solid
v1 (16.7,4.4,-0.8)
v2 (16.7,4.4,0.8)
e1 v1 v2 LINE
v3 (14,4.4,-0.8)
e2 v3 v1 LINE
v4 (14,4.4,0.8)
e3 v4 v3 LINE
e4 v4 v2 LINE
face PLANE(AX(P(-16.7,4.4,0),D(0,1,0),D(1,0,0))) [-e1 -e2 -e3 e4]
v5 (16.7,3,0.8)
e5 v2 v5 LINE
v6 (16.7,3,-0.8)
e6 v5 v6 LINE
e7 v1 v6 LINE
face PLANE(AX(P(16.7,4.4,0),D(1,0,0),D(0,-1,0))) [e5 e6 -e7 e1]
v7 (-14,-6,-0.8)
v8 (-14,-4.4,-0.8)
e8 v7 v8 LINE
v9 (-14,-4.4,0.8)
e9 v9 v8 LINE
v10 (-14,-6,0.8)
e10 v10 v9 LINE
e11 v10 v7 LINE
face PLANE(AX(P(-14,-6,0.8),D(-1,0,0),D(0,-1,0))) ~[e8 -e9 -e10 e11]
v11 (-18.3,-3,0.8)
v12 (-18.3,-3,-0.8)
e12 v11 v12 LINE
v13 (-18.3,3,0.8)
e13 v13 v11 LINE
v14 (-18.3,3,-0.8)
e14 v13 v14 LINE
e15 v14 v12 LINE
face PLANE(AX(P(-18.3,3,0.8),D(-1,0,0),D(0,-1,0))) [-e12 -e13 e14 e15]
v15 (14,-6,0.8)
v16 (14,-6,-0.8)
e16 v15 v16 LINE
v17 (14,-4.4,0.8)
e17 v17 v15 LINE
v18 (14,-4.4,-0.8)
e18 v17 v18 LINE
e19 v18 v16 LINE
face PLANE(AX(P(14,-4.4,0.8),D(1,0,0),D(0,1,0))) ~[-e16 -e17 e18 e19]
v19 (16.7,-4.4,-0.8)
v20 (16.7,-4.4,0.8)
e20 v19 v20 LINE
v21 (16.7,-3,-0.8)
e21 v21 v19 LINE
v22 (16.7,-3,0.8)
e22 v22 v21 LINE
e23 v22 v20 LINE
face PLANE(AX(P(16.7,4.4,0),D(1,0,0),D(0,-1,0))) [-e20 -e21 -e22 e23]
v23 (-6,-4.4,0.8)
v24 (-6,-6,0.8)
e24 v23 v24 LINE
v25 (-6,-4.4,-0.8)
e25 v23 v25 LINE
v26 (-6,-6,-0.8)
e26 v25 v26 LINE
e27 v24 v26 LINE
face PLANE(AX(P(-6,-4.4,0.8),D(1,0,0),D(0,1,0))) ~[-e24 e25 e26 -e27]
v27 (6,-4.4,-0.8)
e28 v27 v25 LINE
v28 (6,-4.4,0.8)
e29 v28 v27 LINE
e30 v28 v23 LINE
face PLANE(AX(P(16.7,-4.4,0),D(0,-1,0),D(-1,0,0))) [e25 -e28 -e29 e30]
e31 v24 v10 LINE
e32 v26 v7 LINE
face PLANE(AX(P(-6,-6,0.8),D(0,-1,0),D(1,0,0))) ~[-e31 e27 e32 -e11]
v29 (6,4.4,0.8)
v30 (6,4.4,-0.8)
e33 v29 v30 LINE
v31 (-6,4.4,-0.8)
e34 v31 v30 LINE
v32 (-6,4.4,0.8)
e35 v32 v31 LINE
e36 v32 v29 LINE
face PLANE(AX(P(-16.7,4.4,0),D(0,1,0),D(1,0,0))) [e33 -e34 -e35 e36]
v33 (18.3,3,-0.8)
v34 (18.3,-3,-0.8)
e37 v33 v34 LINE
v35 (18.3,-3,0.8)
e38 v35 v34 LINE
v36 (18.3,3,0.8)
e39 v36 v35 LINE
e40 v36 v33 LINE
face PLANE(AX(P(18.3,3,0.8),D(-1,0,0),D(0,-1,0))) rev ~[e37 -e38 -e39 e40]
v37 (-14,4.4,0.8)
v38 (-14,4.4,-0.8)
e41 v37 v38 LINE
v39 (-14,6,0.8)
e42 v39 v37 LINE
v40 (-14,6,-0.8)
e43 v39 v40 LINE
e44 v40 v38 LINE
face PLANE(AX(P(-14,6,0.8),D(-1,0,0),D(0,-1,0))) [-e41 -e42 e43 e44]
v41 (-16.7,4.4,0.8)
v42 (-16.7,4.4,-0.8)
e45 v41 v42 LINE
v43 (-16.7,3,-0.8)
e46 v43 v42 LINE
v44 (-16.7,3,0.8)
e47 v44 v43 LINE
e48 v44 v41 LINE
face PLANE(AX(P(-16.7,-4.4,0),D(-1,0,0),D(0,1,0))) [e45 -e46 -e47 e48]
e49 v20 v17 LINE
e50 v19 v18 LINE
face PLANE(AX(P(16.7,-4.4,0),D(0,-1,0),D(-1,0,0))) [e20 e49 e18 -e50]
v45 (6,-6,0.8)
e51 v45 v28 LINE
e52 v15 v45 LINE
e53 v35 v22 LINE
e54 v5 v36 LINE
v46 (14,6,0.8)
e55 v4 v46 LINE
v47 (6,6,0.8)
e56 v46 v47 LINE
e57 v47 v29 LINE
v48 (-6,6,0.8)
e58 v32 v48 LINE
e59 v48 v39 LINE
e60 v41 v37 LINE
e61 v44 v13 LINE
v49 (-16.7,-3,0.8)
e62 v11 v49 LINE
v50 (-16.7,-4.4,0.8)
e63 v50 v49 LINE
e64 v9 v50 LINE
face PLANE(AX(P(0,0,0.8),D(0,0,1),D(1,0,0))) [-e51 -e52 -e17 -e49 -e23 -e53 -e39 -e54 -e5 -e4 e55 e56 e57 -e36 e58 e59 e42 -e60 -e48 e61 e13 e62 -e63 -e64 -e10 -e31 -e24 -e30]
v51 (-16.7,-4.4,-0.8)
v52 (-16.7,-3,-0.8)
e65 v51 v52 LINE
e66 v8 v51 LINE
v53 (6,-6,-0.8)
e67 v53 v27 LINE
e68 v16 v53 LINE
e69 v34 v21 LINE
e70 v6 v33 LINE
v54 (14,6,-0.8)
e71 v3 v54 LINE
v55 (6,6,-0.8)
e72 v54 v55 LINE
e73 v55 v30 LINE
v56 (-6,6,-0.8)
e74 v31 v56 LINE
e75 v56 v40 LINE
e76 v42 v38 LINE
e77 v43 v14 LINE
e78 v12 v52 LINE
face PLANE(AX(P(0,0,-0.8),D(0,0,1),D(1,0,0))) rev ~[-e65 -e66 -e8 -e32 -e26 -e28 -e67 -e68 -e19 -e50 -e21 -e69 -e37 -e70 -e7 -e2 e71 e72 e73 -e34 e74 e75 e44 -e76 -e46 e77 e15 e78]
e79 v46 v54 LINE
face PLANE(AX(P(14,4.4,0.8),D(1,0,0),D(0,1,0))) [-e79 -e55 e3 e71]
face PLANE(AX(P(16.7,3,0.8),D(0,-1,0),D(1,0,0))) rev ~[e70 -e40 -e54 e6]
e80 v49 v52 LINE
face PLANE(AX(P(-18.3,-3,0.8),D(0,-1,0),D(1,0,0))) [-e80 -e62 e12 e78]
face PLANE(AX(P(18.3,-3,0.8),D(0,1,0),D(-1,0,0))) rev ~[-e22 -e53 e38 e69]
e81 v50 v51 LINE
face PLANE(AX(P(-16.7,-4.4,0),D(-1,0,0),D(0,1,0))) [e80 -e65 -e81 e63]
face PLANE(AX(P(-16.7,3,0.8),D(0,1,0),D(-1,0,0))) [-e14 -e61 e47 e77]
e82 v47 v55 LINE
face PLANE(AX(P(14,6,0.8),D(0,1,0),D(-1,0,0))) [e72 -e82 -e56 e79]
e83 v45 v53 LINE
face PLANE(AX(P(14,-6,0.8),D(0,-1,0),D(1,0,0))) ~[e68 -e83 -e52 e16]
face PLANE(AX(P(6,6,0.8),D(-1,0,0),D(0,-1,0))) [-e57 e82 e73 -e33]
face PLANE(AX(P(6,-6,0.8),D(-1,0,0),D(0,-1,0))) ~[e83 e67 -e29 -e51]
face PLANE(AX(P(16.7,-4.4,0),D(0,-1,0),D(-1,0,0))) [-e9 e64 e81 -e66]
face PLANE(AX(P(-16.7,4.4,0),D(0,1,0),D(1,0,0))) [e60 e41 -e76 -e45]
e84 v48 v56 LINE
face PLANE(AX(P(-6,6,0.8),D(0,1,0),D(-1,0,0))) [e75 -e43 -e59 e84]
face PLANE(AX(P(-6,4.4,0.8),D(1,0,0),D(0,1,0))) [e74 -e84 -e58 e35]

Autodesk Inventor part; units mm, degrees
ref_plane "YZ Plane" through (0, 0, 0) normal (1, 0, 0) x (0, 1, 0)
ref_plane "XZ Plane" through (0, 0, 0) normal (0, 1, 0) x (-1, 0, 0)
ref_plane "XY Plane" through (0, 0, 0) normal (0, 0, 1) x (1, 0, 0)
sketch "Sketch1" plane through (0, 0, 0) normal (0, 0, 1) x (1, 0, 0)
  line L0 (0, 6.16) -> (0, -6.16) construction
  line L1 (-23.38, 0) -> (23.38, 0) construction
  line L2 (16.7, -4.4) -> (-16.7, -4.4)
  line L3 (-16.7, -4.4) -> (-16.7, 4.4)
  line L4 (-16.7, 4.4) -> (16.7, 4.4)
  line L5 (16.7, 4.4) -> (16.7, -4.4)
  line L6 (16.7, -4.4) -> (-16.7, 4.4) construction
  line L7 (-16.7, -4.4) -> (16.7, 4.4) construction
  point P0 (0, 0)
  dimension "d0" = 33.4
  dimension "d1" = 8.8
extrude "Extrusion1" add sketch "Sketch1" along normal mid plane 1.6
sketch "Esquisse2" plane through (0, 0, 0.8) normal (0, 0, 1) x (1, 0, 0)
  line L0 (-16.7, -4.4) -> (16.7, -4.4) construction
  line L1 (16.7, -4.4) -> (16.7, 4.4) construction
  line L2 (16.7, 4.4) -> (-16.7, 4.4) construction
  line L3 (-16.7, 4.4) -> (-16.7, -4.4) construction
  line L4 (0, 8.08) -> (0, -6.48) construction
  line L5 (-23.38, 0) -> (23.38, 0) construction
  line L6 (-14, 4.4) -> (-6, 4.4)
  line L7 (-6, 4.4) -> (-6, 6)
  line L8 (-6, 6) -> (-14, 6)
  line L9 (-14, 6) -> (-14, 4.4)
  line L10 (6, 4.4) -> (14, 4.4)
  line L11 (14, 4.4) -> (14, 6)
  line L12 (14, 6) -> (6, 6)
  line L13 (6, 6) -> (6, 4.4)
  point P0 (0, 0)
  dimension "d4" = 8
  dimension "d5" = 1.6
  dimension "d8" = 20
extrude "Extrusion2" add sketch "Esquisse2" against normal blind 1.6
mirror "Symétrie1" about plane through (0, 0, 0) normal (0, 1, 0) of "Extrusion2"
sketch "Esquisse3" plane through (0, 0, 0.8) normal (0, 0, 1) x (1, 0, 0)
  line L0 (-16.7, -4.4) -> (-14, -4.4) construction
  line L1 (-14, -6) -> (-14, -4.4) construction
  line L2 (-6, -6) -> (-14, -6) construction
  line L3 (-6, -4.4) -> (-6, -6) construction
  line L4 (-6, -4.4) -> (6, -4.4) construction
  line L5 (6, -6) -> (6, -4.4) construction
  line L6 (14, -6) -> (6, -6) construction
  line L7 (14, -4.4) -> (14, -6) construction
  line L8 (14, -4.4) -> (16.7, -4.4) construction
  line L9 (16.7, -4.4) -> (16.7, 4.4) construction
  line L10 (16.7, 4.4) -> (14, 4.4) construction
  line L11 (14, 4.4) -> (14, 6) construction
  line L12 (14, 6) -> (6, 6) construction
  line L13 (6, 6) -> (6, 4.4) construction
  line L14 (6, 4.4) -> (-6, 4.4) construction
  line L15 (-6, 4.4) -> (-6, 6) construction
  line L16 (-6, 6) -> (-14, 6) construction
  line L17 (-14, 6) -> (-14, 4.4) construction
  line L18 (-14, 4.4) -> (-16.7, 4.4) construction
  line L19 (-16.7, 4.4) -> (-16.7, -4.4) construction
  line L20 (-23.38, 0) -> (23.38, 0) construction
  line L21 (0, 8.4) -> (0, -8.4) construction
  line L22 (-16.7, 3) -> (-18.3, 3)
  line L23 (-18.3, 3) -> (-18.3, -3)
  line L24 (-18.3, -3) -> (-16.7, -3)
  line L25 (-16.7, -3) -> (-16.7, 3)
  line L26 (16.7, 3) -> (18.3, 3)
  line L27 (18.3, 3) -> (18.3, -3)
  line L28 (18.3, -3) -> (16.7, -3)
  line L29 (16.7, -3) -> (16.7, 3)
  point P0 (0, 0)
  dimension "d15" = 1.6
  dimension "d16" = 6
extrude "Extrusion3" add sketch "Esquisse3" against normal blind 1.6
properties part number "CaissonCoteBiais" material "PVC-U"
